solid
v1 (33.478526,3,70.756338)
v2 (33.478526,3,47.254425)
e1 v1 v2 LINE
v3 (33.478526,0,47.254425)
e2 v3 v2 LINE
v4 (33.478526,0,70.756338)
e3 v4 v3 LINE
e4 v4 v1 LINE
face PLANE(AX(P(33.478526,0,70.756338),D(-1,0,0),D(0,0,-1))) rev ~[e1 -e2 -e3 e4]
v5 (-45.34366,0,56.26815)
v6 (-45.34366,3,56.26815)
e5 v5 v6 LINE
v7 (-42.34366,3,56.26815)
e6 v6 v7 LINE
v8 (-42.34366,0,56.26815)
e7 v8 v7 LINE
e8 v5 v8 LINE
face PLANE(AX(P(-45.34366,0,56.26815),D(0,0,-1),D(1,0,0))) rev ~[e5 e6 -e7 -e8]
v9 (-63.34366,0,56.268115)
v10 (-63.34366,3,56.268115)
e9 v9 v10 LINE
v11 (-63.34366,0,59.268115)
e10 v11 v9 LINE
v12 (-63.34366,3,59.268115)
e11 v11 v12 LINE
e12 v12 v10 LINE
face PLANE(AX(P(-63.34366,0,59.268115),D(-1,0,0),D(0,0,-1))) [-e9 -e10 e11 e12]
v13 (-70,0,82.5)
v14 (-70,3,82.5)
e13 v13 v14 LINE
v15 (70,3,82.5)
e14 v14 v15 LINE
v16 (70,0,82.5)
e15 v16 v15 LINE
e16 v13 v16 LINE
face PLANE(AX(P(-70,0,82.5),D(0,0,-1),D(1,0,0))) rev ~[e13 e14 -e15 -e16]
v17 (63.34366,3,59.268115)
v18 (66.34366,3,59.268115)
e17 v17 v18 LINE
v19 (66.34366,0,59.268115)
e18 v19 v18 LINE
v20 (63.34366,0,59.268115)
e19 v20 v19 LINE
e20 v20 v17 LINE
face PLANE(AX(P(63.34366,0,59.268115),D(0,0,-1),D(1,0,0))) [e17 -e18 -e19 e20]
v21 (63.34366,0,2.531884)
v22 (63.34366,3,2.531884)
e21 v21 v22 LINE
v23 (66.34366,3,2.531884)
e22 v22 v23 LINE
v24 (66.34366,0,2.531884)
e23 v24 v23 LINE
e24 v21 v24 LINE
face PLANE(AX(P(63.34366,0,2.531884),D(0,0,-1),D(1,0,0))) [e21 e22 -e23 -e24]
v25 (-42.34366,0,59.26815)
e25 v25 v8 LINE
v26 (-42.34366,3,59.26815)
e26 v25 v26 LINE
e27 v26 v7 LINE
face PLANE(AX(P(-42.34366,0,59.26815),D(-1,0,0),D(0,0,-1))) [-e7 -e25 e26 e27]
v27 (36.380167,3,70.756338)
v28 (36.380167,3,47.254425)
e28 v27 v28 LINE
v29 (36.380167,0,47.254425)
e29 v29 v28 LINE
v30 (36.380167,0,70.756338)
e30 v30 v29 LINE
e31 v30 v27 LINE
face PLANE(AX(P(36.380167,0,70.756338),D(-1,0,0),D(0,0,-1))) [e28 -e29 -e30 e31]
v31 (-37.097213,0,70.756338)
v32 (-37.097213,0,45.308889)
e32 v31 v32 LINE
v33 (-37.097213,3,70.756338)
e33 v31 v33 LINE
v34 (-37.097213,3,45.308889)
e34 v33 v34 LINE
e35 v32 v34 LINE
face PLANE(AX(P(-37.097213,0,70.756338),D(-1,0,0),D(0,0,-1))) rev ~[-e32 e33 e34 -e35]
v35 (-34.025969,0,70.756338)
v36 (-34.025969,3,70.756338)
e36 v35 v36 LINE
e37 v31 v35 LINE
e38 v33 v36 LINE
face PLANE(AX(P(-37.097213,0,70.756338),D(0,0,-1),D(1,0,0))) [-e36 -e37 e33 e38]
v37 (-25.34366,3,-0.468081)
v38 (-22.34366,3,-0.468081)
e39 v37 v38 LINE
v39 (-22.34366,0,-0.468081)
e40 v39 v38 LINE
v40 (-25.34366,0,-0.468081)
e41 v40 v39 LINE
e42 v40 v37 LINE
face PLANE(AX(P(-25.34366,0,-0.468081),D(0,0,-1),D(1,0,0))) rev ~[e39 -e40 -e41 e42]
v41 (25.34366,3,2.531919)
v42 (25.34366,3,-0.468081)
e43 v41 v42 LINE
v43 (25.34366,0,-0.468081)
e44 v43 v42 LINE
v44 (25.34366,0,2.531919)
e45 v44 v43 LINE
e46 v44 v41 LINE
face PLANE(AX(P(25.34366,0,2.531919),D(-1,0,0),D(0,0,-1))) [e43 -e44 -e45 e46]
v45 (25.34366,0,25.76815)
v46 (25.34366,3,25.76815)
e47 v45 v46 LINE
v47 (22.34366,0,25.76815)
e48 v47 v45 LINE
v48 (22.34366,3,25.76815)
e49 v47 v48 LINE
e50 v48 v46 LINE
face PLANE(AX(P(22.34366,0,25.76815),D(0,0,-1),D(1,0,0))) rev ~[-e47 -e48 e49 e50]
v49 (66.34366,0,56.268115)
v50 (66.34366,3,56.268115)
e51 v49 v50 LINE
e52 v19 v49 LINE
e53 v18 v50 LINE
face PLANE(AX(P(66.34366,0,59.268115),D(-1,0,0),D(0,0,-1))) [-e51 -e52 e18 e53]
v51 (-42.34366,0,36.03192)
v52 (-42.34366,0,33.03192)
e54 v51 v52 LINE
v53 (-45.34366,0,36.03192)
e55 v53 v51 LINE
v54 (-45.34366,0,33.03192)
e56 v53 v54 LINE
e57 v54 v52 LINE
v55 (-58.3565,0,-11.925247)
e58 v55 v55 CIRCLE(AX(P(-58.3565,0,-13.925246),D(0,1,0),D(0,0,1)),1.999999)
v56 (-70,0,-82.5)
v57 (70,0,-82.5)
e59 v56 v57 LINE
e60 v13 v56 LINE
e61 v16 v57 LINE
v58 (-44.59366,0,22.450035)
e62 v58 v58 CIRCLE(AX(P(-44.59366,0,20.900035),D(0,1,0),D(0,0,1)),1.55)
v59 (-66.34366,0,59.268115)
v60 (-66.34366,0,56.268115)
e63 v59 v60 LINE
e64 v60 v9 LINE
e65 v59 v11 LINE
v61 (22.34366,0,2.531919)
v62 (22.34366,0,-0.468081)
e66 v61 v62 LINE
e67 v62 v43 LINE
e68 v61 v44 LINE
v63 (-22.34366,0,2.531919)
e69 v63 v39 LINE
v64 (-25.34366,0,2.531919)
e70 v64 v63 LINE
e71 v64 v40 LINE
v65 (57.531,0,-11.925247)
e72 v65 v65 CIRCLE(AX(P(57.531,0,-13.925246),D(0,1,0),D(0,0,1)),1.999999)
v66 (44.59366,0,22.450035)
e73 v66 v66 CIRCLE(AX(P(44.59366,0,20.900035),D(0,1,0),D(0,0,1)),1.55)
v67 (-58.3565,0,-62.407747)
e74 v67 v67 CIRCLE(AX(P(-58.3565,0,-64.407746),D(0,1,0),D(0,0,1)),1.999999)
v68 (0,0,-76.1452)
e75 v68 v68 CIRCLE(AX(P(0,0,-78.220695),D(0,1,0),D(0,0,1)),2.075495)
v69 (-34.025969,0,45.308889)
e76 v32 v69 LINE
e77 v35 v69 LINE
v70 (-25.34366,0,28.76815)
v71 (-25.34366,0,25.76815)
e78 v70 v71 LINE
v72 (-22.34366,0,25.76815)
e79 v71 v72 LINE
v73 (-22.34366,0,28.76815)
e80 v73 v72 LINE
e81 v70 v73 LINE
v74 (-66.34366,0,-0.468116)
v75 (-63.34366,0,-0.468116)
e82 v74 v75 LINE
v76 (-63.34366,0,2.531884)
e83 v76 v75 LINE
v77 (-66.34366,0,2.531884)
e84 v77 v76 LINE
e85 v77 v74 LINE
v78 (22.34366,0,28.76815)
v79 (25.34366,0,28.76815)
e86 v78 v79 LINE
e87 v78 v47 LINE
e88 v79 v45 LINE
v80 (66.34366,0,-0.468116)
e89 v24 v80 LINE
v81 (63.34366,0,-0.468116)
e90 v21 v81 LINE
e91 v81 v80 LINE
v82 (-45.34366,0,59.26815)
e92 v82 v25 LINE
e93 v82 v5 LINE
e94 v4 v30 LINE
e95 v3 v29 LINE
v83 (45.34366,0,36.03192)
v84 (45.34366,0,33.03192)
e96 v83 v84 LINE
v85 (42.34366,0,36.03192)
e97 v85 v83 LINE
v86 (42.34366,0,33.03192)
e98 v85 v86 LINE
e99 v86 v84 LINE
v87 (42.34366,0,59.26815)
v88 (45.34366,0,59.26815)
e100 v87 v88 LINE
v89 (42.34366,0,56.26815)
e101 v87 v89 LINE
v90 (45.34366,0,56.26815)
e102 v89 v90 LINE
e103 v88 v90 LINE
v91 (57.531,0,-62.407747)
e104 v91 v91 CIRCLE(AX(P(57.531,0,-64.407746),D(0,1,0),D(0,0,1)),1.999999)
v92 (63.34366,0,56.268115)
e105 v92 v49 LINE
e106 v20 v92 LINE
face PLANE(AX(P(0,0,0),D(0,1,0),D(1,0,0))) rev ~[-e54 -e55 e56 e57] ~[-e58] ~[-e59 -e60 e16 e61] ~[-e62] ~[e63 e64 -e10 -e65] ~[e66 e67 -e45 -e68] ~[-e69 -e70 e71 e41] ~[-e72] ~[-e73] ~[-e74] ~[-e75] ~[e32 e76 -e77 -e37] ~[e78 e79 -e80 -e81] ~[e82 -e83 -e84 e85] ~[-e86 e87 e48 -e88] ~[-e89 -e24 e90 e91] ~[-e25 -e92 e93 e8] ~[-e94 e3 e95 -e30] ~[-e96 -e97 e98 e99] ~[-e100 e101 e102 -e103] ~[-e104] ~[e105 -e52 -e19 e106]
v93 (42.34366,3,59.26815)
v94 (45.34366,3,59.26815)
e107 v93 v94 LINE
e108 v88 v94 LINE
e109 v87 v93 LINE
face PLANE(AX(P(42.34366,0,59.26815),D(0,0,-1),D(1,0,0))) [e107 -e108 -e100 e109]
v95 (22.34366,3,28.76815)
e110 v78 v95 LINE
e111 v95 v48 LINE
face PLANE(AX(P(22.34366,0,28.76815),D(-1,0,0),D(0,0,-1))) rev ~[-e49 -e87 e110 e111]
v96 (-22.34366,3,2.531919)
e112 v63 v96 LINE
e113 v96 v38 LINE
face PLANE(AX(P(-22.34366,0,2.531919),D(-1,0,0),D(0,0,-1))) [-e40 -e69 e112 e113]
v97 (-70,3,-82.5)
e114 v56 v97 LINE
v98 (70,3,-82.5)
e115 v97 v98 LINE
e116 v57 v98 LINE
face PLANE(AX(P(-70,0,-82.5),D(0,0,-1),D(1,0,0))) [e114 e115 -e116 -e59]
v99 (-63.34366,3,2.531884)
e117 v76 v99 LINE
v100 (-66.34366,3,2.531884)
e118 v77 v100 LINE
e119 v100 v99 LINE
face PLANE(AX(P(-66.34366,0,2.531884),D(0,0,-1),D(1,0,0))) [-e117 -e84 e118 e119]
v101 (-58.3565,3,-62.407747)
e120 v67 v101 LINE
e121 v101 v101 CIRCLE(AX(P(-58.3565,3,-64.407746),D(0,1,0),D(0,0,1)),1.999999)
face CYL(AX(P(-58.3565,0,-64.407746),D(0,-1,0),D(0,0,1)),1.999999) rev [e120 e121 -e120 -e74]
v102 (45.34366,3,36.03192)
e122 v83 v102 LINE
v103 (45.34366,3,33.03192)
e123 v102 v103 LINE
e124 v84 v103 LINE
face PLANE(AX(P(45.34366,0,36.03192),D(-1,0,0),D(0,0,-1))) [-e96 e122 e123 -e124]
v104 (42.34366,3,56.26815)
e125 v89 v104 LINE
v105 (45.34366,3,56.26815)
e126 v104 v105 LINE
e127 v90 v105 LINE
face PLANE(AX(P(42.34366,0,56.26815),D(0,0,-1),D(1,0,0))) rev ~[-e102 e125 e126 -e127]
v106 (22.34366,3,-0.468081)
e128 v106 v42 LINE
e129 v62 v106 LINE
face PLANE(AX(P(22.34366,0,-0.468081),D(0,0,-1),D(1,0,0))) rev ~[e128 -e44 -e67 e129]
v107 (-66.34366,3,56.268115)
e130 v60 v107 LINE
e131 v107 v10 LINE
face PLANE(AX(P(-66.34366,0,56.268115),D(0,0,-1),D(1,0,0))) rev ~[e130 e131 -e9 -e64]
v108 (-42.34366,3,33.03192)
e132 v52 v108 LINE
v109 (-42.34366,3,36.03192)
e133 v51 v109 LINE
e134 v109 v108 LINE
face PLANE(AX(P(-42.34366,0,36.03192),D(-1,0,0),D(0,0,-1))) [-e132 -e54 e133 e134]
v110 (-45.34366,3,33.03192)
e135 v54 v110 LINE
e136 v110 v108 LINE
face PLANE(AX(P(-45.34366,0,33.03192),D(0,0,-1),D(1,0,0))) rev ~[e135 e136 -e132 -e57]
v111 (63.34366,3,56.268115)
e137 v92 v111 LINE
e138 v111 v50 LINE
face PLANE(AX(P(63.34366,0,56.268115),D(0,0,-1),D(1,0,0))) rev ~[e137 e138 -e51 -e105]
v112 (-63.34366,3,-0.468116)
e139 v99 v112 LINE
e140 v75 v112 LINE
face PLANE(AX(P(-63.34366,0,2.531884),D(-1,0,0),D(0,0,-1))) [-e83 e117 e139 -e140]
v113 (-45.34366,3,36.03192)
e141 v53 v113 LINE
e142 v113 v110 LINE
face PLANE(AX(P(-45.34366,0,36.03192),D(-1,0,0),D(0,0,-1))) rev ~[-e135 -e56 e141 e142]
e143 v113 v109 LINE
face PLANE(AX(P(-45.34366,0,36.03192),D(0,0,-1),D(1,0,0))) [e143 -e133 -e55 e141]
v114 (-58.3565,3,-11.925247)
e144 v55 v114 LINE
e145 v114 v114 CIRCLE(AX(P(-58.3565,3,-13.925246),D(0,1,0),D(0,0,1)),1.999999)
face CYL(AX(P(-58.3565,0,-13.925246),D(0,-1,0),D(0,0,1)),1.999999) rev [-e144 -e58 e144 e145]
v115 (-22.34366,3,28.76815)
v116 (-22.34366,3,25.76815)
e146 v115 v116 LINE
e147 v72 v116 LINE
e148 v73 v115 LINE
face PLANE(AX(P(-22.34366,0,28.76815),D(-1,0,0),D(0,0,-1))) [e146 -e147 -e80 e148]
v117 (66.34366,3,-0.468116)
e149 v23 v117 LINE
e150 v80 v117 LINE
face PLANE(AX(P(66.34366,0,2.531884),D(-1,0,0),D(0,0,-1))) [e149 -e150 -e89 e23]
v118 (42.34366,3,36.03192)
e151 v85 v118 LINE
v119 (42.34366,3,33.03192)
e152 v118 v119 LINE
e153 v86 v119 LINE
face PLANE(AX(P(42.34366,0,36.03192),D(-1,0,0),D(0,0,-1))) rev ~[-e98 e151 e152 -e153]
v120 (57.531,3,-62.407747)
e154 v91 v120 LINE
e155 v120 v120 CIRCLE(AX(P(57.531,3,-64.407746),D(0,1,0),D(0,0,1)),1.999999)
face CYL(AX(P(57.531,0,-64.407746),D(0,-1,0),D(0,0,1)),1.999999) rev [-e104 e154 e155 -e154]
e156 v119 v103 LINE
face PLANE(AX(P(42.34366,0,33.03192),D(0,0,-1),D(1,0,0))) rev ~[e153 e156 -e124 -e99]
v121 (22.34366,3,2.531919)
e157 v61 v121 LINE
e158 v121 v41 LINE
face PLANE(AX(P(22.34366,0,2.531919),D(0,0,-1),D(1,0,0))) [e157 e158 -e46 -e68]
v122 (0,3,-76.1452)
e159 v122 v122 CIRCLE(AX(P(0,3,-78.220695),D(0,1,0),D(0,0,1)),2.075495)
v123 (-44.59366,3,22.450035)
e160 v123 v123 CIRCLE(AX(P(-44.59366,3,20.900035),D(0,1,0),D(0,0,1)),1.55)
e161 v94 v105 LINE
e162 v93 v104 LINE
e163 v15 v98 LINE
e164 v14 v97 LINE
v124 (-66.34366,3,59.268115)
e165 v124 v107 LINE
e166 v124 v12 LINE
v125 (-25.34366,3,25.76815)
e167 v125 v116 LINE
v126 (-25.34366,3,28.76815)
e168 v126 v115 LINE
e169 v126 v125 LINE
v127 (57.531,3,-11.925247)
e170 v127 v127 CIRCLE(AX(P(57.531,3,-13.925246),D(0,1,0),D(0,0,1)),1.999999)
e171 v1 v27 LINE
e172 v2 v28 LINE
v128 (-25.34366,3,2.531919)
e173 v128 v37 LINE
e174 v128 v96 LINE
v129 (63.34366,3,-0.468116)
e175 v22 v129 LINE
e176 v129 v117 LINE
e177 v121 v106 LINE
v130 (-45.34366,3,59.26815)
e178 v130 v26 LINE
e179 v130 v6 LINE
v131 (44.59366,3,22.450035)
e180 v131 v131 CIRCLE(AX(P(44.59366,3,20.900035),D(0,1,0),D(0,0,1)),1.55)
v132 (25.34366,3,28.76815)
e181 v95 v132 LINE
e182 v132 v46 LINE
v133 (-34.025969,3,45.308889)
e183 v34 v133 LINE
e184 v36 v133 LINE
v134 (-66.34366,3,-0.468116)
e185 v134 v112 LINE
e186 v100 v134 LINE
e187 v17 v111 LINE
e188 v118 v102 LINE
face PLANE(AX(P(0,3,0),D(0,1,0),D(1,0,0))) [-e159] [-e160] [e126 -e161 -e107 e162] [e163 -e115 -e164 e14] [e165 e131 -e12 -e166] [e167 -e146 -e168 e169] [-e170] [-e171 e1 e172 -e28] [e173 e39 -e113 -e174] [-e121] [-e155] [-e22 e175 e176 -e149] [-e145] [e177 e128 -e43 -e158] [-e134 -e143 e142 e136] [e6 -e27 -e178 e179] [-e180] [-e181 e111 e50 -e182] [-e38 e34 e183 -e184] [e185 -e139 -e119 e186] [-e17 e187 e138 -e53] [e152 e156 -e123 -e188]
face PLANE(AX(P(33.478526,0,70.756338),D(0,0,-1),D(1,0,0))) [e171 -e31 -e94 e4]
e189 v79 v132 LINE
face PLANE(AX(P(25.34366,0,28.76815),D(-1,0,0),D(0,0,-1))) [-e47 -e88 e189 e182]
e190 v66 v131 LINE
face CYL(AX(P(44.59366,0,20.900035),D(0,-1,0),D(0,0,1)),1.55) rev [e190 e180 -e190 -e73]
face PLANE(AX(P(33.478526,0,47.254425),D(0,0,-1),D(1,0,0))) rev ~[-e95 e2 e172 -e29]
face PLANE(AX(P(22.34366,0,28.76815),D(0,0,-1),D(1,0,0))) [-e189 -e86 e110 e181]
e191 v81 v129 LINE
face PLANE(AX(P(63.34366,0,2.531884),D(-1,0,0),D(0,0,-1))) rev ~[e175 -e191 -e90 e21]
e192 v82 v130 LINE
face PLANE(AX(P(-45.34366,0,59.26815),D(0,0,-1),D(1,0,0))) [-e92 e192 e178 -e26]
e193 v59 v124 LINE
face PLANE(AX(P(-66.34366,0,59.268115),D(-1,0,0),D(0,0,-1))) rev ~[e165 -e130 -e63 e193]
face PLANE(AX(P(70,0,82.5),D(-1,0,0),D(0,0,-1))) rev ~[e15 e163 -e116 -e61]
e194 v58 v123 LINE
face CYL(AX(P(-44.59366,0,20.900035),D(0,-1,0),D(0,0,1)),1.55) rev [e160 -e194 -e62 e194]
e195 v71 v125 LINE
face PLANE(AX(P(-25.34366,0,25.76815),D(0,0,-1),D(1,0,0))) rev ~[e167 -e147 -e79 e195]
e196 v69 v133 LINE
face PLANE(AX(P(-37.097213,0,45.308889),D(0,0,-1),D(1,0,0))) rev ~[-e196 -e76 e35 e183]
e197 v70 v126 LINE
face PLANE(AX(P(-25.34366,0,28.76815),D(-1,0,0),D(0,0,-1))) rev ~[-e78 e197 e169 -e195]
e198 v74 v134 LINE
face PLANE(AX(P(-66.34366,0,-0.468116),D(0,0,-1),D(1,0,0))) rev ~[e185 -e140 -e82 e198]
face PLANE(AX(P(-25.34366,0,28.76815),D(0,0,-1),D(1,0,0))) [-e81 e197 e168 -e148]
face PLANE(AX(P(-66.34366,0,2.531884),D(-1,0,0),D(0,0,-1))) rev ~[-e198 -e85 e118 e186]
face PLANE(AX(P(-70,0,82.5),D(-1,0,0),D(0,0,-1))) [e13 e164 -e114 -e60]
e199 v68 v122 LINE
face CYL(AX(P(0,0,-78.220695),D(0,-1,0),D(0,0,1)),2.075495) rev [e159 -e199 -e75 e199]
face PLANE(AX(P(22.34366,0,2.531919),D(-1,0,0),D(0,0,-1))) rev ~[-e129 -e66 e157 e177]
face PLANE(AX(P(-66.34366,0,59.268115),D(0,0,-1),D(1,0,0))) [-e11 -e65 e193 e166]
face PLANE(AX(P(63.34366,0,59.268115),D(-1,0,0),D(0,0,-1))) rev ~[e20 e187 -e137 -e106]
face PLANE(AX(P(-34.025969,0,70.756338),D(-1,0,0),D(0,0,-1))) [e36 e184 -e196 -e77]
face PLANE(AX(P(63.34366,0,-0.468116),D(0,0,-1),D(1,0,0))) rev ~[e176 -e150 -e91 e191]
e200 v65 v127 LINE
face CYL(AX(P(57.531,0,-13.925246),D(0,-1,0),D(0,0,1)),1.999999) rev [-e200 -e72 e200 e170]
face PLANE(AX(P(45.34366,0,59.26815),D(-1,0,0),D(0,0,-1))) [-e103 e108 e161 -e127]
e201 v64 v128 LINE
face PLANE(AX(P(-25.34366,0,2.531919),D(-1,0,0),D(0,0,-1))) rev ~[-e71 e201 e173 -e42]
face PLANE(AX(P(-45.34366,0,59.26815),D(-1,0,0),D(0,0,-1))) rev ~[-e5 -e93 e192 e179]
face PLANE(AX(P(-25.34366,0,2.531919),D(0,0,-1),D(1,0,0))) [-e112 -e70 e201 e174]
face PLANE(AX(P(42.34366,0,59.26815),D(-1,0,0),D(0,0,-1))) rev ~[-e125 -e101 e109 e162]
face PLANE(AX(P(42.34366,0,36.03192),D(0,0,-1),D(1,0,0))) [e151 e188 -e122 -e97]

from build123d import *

# Parameters (mm, degrees)
SKETCH1_W           = 140
SKETCH1_H           = 165
SKETCH1_R           = 2.075495439
SKETCH1_R_2         = 1.55
SKETCH1_R_3         = 1.99999854
SKETCH1_W_2         = 3
SKETCH1_H_2         = 3
SKETCH1_W_3         = 3.071243945
SKETCH1_H_3         = 25.44744983
SKETCH1_W_4         = 2.90164108
SKETCH1_H_4         = 23.501913203
BOSS_EXTRUDE1_DEPTH = 3


with BuildPart() as part:
    # Sketch1 → Boss-Extrude1 (new body)
    with BuildSketch(Plane(origin=(0, 0, 0), x_dir=(1, 0, 0), z_dir=(0, 1, 0))):
        Rectangle(SKETCH1_W, SKETCH1_H)
        with Locations(Location((0, 78.220695367, 0), (0, 0, 270))):
            Circle(SKETCH1_R, mode=Mode.SUBTRACT)
        with Locations(Location((-44.593659723, -20.900034899, 0), (0, 0, 270))):
            Circle(SKETCH1_R_2, mode=Mode.SUBTRACT)
        with Locations(Location((44.593659723, -20.900034899, 0), (0, 0, 270))):
            Circle(SKETCH1_R_2, mode=Mode.SUBTRACT)
        with Locations(Location((-58.3565, 13.925245662, 0), (0, 0, 270))):
            Circle(SKETCH1_R_3, mode=Mode.SUBTRACT)
        with Locations(Location((-58.3565, 64.407745662, 0), (0, 0, 270))):
            Circle(SKETCH1_R_3, mode=Mode.SUBTRACT)
        with Locations(Location((57.531, 64.407745662, 0), (0, 0, 270))):
            Circle(SKETCH1_R_3, mode=Mode.SUBTRACT)
        with Locations(Location((57.531, 13.925245662, 0), (0, 0, 270))):
            Circle(SKETCH1_R_3, mode=Mode.SUBTRACT)
        with Locations((-23.843659723, -1.031919399)):
            Rectangle(SKETCH1_W_2, SKETCH1_H_2, mode=Mode.SUBTRACT)
        with Locations((-64.843659723, -1.031884133)):
            Rectangle(SKETCH1_W_2, SKETCH1_H_2, mode=Mode.SUBTRACT)
        with Locations((-64.843659723, -57.768115133)):
            Rectangle(SKETCH1_W_2, SKETCH1_H_2, mode=Mode.SUBTRACT)
        with Locations((-43.843659723, -57.768150399)):
            Rectangle(SKETCH1_W_2, SKETCH1_H_2, mode=Mode.SUBTRACT)
        with Locations((-43.843659723, -34.531919899)):
            Rectangle(SKETCH1_W_2, SKETCH1_H_2, mode=Mode.SUBTRACT)
        with Locations((-23.843659723, -27.268149899)):
            Rectangle(SKETCH1_W_2, SKETCH1_H_2, mode=Mode.SUBTRACT)
        with Locations((43.843659723, -34.531919899)):
            Rectangle(SKETCH1_W_2, SKETCH1_H_2, mode=Mode.SUBTRACT)
        with Locations((23.843659723, -27.268149899)):
            Rectangle(SKETCH1_W_2, SKETCH1_H_2, mode=Mode.SUBTRACT)
        with Locations((43.843659723, -57.768150399)):
            Rectangle(SKETCH1_W_2, SKETCH1_H_2, mode=Mode.SUBTRACT)
        with Locations((64.843659723, -57.768115133)):
            Rectangle(SKETCH1_W_2, SKETCH1_H_2, mode=Mode.SUBTRACT)
        with Locations((64.843659723, -1.031884133)):
            Rectangle(SKETCH1_W_2, SKETCH1_H_2, mode=Mode.SUBTRACT)
        with Locations((23.843659723, -1.031919399)):
            Rectangle(SKETCH1_W_2, SKETCH1_H_2, mode=Mode.SUBTRACT)
        with Locations((-35.561590823, -58.032613537)):
            Rectangle(SKETCH1_W_3, SKETCH1_H_3, mode=Mode.SUBTRACT)
        with Locations((34.92934681, -59.005381851)):
            Rectangle(SKETCH1_W_4, SKETCH1_H_4, mode=Mode.SUBTRACT)
    extrude(amount=BOSS_EXTRUDE1_DEPTH)


solid = part.part
